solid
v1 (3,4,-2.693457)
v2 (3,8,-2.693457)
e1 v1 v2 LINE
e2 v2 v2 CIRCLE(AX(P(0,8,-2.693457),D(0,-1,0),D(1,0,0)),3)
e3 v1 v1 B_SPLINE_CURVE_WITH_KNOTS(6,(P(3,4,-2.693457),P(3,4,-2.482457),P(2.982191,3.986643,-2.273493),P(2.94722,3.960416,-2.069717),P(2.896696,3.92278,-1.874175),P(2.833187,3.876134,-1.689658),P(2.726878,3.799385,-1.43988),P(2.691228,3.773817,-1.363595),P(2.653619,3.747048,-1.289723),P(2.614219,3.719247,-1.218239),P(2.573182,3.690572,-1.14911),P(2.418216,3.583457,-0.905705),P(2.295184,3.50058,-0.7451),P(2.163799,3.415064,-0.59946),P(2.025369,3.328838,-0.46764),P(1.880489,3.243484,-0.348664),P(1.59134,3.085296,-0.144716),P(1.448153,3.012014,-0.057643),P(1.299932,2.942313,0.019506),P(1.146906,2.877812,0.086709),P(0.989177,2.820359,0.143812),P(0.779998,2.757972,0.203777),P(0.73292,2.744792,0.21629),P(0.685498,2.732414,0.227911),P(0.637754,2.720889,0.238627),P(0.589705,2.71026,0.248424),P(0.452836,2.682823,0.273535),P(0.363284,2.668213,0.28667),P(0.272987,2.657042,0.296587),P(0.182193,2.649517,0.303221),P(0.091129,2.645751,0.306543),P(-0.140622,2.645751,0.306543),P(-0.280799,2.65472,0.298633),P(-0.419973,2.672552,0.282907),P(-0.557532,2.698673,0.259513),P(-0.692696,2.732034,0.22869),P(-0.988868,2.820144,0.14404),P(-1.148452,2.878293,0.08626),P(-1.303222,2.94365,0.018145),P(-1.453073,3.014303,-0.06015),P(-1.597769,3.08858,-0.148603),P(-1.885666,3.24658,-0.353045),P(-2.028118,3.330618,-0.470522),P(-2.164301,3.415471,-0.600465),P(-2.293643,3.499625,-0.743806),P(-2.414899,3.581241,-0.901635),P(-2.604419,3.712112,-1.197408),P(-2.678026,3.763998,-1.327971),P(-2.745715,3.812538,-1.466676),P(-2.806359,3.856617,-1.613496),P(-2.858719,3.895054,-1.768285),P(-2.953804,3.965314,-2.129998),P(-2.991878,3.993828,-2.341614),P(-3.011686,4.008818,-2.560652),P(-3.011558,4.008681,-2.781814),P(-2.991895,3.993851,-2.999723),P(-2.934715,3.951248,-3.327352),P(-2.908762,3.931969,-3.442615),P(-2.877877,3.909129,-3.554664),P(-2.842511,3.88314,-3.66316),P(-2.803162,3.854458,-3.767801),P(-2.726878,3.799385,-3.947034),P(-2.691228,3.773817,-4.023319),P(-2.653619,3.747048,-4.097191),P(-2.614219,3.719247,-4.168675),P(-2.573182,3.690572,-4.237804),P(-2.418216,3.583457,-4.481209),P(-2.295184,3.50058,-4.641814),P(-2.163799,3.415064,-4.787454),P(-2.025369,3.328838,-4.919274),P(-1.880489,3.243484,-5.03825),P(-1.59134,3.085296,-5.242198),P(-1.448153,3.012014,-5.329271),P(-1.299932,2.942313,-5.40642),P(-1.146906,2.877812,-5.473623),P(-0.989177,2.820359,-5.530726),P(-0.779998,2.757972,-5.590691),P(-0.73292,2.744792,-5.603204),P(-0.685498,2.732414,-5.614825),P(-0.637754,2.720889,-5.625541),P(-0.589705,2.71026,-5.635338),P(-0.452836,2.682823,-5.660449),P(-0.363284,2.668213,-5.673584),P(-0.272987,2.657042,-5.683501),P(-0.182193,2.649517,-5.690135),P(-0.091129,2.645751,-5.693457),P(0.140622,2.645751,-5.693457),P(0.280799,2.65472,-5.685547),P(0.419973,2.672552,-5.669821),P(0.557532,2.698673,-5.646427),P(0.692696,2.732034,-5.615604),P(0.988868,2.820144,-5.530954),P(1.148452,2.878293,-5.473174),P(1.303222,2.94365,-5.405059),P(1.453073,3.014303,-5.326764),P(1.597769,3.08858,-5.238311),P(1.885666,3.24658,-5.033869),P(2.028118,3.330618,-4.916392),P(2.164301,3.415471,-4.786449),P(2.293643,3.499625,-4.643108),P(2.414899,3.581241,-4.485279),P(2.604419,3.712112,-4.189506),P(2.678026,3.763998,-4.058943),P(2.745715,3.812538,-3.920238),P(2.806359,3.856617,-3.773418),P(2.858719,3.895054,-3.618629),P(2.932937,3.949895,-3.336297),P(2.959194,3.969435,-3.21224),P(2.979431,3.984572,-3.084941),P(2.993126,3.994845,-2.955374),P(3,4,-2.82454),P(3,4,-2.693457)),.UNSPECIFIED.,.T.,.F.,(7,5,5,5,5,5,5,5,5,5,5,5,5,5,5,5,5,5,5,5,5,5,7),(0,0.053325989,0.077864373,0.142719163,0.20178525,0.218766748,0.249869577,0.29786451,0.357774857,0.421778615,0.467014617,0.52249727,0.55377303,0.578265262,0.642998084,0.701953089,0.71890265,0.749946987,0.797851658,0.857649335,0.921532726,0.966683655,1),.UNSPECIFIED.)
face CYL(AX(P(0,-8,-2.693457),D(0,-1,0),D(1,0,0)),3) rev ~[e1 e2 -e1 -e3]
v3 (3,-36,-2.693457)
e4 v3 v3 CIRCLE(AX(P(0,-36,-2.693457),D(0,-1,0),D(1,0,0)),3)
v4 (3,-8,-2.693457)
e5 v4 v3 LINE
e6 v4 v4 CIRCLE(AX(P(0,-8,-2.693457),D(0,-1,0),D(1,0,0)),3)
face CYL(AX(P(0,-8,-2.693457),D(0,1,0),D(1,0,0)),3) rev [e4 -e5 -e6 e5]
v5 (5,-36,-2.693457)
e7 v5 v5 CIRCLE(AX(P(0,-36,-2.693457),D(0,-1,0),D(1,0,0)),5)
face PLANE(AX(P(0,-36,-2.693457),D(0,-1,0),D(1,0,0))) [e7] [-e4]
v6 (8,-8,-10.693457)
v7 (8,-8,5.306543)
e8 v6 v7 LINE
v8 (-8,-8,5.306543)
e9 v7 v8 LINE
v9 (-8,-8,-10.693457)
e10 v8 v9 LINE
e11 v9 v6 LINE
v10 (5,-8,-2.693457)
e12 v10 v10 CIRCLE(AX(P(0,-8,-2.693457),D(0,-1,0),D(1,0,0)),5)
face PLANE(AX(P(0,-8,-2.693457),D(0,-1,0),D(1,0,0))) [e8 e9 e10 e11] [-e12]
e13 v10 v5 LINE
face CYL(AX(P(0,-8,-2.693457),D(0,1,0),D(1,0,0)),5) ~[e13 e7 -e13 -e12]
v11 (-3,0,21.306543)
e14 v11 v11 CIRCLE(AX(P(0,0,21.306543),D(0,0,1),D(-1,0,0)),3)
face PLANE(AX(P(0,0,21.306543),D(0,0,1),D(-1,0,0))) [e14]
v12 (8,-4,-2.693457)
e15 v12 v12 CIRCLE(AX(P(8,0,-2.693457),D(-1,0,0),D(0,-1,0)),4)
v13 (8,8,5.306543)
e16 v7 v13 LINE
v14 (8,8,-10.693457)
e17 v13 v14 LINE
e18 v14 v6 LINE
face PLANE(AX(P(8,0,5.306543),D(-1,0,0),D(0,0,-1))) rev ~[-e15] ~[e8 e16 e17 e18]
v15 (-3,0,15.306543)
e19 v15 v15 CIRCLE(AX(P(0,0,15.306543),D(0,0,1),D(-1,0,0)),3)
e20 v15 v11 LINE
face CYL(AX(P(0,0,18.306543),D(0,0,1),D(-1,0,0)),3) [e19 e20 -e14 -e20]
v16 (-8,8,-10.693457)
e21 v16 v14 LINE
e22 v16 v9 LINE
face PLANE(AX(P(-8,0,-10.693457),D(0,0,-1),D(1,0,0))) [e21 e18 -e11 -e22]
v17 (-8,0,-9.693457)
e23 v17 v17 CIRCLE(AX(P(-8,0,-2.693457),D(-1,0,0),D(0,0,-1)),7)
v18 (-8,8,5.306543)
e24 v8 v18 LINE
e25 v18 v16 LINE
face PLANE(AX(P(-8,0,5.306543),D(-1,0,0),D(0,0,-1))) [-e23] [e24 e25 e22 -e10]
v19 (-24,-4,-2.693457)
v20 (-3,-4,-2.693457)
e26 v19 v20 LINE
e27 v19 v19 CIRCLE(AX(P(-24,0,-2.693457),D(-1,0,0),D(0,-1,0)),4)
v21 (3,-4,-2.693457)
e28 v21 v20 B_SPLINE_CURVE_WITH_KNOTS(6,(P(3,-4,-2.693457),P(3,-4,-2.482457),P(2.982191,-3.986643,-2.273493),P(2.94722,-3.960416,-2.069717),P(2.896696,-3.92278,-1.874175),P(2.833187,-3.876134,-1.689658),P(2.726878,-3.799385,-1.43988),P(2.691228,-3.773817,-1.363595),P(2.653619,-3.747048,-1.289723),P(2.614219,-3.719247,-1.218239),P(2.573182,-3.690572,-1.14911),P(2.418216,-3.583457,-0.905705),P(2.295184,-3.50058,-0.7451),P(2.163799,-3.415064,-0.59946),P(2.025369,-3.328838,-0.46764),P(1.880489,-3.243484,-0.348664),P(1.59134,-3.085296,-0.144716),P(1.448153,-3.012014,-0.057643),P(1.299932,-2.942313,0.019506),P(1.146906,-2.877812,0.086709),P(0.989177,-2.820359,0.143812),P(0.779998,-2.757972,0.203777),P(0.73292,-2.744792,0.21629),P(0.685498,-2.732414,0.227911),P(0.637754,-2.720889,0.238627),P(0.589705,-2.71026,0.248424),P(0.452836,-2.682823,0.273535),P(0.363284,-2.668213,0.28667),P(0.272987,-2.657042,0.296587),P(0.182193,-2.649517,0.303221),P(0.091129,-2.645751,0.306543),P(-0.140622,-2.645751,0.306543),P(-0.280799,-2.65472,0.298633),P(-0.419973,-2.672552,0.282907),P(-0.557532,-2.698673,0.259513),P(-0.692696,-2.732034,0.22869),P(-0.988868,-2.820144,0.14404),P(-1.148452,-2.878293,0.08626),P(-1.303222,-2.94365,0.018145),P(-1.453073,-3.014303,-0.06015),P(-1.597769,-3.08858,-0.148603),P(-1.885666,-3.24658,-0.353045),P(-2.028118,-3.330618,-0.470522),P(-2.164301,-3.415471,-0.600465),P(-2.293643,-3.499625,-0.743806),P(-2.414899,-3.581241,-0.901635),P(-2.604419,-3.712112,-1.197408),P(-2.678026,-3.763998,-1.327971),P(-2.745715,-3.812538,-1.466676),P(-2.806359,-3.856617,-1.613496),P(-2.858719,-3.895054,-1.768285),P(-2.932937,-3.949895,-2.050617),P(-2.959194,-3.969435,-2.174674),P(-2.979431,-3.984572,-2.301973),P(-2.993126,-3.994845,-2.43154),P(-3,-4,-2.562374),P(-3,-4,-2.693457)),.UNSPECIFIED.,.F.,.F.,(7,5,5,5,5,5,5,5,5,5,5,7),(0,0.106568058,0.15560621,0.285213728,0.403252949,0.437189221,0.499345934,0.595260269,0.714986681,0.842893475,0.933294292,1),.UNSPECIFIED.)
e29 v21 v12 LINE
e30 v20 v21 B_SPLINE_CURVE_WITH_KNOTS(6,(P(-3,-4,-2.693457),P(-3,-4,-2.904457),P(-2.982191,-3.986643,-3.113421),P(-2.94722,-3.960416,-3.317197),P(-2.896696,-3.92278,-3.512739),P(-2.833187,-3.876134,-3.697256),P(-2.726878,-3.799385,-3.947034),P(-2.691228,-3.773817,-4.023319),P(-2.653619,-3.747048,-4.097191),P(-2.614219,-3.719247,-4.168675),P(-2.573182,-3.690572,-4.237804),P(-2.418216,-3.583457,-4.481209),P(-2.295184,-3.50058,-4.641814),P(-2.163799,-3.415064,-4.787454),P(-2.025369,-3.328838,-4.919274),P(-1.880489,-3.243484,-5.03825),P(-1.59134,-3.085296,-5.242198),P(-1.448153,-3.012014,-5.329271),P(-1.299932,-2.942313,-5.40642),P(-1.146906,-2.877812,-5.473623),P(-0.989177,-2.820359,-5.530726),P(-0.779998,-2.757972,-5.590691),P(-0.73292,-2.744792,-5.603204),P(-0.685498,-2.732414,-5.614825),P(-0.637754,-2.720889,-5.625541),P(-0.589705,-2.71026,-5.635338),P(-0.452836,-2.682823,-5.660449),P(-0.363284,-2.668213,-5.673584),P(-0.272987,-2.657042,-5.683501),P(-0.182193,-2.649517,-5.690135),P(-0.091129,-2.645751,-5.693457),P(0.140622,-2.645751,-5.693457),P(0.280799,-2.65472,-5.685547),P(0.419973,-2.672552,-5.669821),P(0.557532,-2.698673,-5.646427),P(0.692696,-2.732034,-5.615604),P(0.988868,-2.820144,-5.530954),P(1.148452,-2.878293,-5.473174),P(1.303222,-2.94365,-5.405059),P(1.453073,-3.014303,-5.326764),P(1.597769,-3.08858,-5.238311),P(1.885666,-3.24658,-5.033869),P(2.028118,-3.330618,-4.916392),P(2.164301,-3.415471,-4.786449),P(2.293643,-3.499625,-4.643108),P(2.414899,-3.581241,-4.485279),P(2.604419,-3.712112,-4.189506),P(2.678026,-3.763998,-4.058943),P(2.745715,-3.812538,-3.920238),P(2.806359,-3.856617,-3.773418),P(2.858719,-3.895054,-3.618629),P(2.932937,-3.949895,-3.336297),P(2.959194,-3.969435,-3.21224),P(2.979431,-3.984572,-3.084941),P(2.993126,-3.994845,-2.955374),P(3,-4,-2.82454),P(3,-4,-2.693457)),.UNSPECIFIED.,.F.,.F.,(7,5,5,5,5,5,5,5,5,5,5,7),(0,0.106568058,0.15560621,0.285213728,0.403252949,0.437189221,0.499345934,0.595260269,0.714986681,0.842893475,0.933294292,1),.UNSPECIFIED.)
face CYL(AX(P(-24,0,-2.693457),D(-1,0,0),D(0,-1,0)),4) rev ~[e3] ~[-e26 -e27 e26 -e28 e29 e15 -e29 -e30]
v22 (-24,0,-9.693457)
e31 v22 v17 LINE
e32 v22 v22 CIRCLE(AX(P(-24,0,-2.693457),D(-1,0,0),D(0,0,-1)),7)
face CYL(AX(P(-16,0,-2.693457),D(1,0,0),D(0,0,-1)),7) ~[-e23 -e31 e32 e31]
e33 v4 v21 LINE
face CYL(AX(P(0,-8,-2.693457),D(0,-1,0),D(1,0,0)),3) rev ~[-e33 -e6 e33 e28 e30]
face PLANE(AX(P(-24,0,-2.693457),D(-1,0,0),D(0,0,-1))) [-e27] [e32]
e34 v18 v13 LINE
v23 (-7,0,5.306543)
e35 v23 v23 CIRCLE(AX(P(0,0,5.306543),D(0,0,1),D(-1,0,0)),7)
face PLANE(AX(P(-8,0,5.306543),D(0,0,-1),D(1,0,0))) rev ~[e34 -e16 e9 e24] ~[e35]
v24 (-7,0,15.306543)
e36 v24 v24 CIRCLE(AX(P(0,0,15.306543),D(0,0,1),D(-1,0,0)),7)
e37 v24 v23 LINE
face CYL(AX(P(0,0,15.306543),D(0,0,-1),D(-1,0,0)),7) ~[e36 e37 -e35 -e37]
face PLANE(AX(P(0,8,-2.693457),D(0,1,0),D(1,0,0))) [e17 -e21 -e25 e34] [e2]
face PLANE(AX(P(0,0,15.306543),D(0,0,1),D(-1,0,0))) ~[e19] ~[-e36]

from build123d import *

# Parameters (mm, degrees)
F1_DEPTH  = 8
F1_FACE_W = 16
F1_FACE_H = 16
F2_DEPTH  = 8
F0_W      = 3
F0_H      = 6
F0_W_2    = 16
F0_H_2    = 7
F5_R      = 4
F6_DEPTH  = 37
F7_R      = 5
F7_R_2    = 3
F8_DEPTH  = 28
F8_FACE_R = 3
F9_DEPTH  = 25


with BuildPart() as f1:
    # F0 (on Front) → F1 (new body)
    with BuildSketch(Plane.XZ):
        Polygon((8, -10.693457), (8, -2.693457), (8, 5.306543), (7, 5.306543), (0, 5.306543), (-7, 5.306543), (-8, 5.306543), (-8, 4), (-8, -2.693457), (-8, -9.693457), (-8, -10.693457), align=None)
    extrude(amount=F1_DEPTH)

    # F1_face (on face) → F2 (join)
    with BuildSketch(Plane(origin=(0, 0, -2.693457), x_dir=(1, 0, 0), z_dir=(0, 1, 0))):
        Rectangle(F1_FACE_W, F1_FACE_H)
    extrude(amount=F2_DEPTH)

    # F0 (on Front) → F3 (revolve)
    with BuildSketch(Plane.XZ):
        with Locations((-1.5, 18.306543)):
            Rectangle(F0_W, F0_H)
        Polygon((-7, 5.306543), (0, 5.306543), (0, 15.306543), (-3, 15.306543), (-7, 15.306543), align=None)
    revolve(axis=Axis((0, 0, 18.306543), (0, 0, 1)))

    # F0 (on Front) → F4 (revolve)
    with BuildSketch(Plane.XZ):
        with Locations((-16, -6.193457)):
            Rectangle(F0_W_2, F0_H_2)
    revolve(axis=Axis((-16, 0, -2.693457), (-1, 0, 0)))

    # F5 (on face) → F6 (cut)
    with BuildSketch(Plane(origin=(-24, 0, 0), x_dir=(0, -1, 0), z_dir=(-1, 0, 0))):
        with Locations((0, -2.693457)):
            Circle(F5_R)
    extrude(amount=-F6_DEPTH, mode=Mode.SUBTRACT)

    # F7 (on face) → F8 (join)
    with BuildSketch(Plane.XZ.offset(8)):
        with Locations((0, -2.693457)):
            Circle(F7_R)
        with Locations((0, -2.693457)):
            Circle(F7_R_2, mode=Mode.SUBTRACT)
    extrude(amount=F8_DEPTH)

    # F8_face (on face) → F9 (cut)
    with BuildSketch(Plane(origin=(0, -8, -2.693457), x_dir=(1, 0, 0), z_dir=(0, -1, 0))):
        Circle(F8_FACE_R)
    extrude(amount=-F9_DEPTH, mode=Mode.SUBTRACT)


solid = f1.part
